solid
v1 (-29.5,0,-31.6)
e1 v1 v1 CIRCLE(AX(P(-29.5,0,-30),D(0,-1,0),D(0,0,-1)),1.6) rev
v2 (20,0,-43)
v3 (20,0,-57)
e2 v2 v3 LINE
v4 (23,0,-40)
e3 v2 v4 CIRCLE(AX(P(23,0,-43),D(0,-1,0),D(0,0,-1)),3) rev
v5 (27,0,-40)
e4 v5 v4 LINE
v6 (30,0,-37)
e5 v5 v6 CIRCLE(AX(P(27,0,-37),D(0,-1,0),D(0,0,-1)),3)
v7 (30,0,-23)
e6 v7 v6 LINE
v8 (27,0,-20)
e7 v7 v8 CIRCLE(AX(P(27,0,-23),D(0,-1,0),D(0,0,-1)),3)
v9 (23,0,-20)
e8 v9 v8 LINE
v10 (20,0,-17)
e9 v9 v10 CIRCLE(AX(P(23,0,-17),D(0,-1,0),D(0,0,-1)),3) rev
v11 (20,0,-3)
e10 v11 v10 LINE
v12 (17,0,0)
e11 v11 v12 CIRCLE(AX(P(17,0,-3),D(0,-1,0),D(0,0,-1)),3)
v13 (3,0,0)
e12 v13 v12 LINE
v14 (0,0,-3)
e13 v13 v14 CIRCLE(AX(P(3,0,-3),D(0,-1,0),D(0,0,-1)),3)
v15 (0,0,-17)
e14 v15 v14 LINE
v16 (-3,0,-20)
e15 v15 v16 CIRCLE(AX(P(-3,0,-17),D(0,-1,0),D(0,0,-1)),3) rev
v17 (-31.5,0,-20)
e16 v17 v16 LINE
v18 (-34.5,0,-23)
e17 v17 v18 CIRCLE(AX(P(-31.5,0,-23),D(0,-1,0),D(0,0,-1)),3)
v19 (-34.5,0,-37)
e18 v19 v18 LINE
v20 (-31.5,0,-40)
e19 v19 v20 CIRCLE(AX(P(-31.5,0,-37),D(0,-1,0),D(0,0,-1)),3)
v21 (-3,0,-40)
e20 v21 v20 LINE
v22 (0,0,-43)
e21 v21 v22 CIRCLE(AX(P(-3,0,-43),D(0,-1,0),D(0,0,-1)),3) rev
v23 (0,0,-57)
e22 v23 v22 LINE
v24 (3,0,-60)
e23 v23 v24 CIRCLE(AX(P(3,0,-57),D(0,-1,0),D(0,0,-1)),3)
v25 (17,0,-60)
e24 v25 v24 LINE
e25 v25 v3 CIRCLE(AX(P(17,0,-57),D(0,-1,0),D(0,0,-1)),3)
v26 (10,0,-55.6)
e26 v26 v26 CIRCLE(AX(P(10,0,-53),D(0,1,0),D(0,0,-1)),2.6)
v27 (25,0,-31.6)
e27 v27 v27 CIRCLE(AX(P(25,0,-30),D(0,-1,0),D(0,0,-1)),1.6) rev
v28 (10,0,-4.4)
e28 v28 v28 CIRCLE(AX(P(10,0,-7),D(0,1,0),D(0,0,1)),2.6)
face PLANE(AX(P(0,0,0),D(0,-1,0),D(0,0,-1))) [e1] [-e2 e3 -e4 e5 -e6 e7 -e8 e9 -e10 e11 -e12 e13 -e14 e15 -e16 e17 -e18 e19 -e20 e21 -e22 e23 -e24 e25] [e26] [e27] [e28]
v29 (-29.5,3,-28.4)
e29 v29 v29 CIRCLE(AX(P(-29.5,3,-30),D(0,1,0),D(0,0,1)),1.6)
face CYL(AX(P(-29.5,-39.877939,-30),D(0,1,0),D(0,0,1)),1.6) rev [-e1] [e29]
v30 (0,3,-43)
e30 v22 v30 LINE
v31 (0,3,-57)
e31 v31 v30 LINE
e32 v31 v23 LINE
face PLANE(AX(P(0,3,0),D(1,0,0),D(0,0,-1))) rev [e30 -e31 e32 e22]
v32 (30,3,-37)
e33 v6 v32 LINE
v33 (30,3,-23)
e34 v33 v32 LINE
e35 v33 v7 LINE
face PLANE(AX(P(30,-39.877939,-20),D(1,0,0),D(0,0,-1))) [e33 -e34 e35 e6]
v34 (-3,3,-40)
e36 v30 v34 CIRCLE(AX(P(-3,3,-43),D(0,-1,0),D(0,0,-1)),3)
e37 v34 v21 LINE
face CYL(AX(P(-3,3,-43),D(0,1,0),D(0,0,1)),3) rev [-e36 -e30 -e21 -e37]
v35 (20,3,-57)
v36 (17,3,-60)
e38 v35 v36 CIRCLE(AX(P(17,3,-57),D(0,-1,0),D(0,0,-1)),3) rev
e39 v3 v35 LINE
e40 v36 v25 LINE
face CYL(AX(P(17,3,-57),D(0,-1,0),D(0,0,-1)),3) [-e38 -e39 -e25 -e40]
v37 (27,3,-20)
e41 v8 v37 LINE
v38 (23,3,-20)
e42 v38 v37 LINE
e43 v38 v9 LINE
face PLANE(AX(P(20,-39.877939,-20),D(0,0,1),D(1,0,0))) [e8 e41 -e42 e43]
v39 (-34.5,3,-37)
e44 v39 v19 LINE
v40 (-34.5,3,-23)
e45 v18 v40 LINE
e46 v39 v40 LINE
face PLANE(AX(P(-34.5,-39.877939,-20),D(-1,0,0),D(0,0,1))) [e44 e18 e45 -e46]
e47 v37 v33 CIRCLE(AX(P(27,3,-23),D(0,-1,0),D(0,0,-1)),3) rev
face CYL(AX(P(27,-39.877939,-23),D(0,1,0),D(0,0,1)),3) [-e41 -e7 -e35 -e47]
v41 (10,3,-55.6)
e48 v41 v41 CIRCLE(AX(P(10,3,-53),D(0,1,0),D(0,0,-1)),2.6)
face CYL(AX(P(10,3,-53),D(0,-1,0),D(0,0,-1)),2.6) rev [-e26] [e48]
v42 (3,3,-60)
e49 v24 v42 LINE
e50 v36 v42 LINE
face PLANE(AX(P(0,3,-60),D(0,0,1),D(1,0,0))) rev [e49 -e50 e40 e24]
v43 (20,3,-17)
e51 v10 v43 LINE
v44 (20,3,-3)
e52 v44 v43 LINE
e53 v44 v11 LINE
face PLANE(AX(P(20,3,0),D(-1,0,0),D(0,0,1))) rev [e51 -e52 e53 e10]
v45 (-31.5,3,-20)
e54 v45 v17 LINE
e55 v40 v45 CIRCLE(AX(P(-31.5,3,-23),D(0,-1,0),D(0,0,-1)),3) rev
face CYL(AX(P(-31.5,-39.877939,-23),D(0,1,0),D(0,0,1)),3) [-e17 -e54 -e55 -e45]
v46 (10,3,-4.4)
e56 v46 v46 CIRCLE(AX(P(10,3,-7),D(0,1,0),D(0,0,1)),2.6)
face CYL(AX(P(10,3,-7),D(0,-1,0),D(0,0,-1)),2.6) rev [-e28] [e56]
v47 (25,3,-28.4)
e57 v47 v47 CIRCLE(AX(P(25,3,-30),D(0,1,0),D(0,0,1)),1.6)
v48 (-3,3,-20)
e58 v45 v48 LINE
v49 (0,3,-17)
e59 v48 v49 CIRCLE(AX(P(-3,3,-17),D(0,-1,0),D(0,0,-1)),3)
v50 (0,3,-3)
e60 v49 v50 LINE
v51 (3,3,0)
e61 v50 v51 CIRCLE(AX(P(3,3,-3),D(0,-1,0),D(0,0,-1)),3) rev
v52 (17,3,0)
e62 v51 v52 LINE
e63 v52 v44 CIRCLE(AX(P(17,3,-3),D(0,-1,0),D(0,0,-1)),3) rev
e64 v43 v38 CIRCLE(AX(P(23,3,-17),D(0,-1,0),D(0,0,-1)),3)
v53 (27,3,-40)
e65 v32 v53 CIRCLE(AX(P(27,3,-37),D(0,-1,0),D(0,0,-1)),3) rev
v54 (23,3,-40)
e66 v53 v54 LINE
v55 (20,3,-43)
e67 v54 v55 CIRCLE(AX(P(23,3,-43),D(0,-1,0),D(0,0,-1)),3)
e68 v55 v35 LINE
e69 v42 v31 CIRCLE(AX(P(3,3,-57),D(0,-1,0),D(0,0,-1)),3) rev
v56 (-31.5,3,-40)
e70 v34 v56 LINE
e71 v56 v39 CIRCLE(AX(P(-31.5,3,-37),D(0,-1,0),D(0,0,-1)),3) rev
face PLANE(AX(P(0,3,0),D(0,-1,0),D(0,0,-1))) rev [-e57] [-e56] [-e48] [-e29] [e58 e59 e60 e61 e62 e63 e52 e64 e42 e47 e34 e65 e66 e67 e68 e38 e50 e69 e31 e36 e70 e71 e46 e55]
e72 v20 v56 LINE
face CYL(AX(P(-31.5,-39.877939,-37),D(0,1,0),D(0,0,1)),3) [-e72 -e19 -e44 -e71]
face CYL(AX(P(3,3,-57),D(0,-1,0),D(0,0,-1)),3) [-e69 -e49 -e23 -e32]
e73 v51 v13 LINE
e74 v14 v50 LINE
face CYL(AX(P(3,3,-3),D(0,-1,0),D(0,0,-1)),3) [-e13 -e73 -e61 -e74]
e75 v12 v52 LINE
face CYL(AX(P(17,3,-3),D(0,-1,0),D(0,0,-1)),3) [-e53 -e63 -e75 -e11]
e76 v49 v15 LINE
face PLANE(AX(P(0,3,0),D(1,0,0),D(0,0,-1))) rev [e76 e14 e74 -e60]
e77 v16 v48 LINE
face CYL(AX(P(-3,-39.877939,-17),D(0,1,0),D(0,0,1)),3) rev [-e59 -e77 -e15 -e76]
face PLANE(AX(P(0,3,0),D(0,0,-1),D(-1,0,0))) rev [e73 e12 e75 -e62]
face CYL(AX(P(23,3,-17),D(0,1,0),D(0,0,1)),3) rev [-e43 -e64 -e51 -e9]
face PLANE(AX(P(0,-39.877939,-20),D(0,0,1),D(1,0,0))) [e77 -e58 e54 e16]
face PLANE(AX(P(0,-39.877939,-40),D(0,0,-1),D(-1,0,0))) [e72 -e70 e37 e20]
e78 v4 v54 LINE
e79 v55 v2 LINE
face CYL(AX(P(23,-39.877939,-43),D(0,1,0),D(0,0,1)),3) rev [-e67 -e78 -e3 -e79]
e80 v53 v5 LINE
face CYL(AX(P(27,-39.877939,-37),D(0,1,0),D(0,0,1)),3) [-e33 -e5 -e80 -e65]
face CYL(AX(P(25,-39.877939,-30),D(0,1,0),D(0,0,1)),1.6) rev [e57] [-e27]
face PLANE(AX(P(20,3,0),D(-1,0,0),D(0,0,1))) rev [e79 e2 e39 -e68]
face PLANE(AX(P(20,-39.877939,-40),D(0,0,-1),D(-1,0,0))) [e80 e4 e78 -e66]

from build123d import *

# Parameters (mm, degrees)
SKETCH_1_W      = 20
SKETCH_1_H      = 60
SKETCH_1_R      = 2.6
EXTRUDE_1_DEPTH = 3
SKETCH_2_W      = 34.5
SKETCH_2_H      = 20
SKETCH_2_R      = 1.6
SKETCH_2_W_2    = 10
EXTRUDE_2_DEPTH = 3
FILLET_1_R      = 3


with BuildPart() as part:
    # 草图1 → 凸台-拉伸1 (new body)
    with BuildSketch(Plane(origin=(0, 0, 0), x_dir=(1, 0, 0), z_dir=(0, 1, 0))):
        with Locations((10, 30)):
            Rectangle(SKETCH_1_W, SKETCH_1_H)
        with Locations((10, 7)):
            Circle(SKETCH_1_R, mode=Mode.SUBTRACT)
        with Locations((10, 53)):
            Circle(SKETCH_1_R, mode=Mode.SUBTRACT)
    extrude(amount=EXTRUDE_1_DEPTH)

    # 草图2 → 凸台-拉伸2 (add)
    with BuildSketch(Plane(origin=(0, 3, 0), x_dir=(1, 0, 0), z_dir=(0, 1, 0))):
        with Locations((-17.25, 30)):
            Rectangle(SKETCH_2_W, SKETCH_2_H)
        with Locations((-29.5, 30)):
            Circle(SKETCH_2_R, mode=Mode.SUBTRACT)
        with Locations((25, 30)):
            Rectangle(SKETCH_2_W_2, SKETCH_2_H)
        with Locations((25, 30)):
            Circle(SKETCH_2_R, mode=Mode.SUBTRACT)
    extrude(amount=-EXTRUDE_2_DEPTH)

    # 圆角1
    fillet_1_edges = [part.edges().sort_by_distance(p)[0] for p in [
        (0, 1.5, -40),
        (0, 1.5, -20),
        (-34.5, 1.5, -20),
        (-34.5, 1.5, -40),
        (20, 1.5, -20),
        (20, 1.5, -40),
        (30, 1.5, -40),
        (30, 1.5, -20),
        (0, 1.5, -60),
        (20, 1.5, -60),
        (20, 1.5, 0),
        (0, 1.5, 0),
    ]]
    fillet(fillet_1_edges, radius=FILLET_1_R)


solid = part.part
